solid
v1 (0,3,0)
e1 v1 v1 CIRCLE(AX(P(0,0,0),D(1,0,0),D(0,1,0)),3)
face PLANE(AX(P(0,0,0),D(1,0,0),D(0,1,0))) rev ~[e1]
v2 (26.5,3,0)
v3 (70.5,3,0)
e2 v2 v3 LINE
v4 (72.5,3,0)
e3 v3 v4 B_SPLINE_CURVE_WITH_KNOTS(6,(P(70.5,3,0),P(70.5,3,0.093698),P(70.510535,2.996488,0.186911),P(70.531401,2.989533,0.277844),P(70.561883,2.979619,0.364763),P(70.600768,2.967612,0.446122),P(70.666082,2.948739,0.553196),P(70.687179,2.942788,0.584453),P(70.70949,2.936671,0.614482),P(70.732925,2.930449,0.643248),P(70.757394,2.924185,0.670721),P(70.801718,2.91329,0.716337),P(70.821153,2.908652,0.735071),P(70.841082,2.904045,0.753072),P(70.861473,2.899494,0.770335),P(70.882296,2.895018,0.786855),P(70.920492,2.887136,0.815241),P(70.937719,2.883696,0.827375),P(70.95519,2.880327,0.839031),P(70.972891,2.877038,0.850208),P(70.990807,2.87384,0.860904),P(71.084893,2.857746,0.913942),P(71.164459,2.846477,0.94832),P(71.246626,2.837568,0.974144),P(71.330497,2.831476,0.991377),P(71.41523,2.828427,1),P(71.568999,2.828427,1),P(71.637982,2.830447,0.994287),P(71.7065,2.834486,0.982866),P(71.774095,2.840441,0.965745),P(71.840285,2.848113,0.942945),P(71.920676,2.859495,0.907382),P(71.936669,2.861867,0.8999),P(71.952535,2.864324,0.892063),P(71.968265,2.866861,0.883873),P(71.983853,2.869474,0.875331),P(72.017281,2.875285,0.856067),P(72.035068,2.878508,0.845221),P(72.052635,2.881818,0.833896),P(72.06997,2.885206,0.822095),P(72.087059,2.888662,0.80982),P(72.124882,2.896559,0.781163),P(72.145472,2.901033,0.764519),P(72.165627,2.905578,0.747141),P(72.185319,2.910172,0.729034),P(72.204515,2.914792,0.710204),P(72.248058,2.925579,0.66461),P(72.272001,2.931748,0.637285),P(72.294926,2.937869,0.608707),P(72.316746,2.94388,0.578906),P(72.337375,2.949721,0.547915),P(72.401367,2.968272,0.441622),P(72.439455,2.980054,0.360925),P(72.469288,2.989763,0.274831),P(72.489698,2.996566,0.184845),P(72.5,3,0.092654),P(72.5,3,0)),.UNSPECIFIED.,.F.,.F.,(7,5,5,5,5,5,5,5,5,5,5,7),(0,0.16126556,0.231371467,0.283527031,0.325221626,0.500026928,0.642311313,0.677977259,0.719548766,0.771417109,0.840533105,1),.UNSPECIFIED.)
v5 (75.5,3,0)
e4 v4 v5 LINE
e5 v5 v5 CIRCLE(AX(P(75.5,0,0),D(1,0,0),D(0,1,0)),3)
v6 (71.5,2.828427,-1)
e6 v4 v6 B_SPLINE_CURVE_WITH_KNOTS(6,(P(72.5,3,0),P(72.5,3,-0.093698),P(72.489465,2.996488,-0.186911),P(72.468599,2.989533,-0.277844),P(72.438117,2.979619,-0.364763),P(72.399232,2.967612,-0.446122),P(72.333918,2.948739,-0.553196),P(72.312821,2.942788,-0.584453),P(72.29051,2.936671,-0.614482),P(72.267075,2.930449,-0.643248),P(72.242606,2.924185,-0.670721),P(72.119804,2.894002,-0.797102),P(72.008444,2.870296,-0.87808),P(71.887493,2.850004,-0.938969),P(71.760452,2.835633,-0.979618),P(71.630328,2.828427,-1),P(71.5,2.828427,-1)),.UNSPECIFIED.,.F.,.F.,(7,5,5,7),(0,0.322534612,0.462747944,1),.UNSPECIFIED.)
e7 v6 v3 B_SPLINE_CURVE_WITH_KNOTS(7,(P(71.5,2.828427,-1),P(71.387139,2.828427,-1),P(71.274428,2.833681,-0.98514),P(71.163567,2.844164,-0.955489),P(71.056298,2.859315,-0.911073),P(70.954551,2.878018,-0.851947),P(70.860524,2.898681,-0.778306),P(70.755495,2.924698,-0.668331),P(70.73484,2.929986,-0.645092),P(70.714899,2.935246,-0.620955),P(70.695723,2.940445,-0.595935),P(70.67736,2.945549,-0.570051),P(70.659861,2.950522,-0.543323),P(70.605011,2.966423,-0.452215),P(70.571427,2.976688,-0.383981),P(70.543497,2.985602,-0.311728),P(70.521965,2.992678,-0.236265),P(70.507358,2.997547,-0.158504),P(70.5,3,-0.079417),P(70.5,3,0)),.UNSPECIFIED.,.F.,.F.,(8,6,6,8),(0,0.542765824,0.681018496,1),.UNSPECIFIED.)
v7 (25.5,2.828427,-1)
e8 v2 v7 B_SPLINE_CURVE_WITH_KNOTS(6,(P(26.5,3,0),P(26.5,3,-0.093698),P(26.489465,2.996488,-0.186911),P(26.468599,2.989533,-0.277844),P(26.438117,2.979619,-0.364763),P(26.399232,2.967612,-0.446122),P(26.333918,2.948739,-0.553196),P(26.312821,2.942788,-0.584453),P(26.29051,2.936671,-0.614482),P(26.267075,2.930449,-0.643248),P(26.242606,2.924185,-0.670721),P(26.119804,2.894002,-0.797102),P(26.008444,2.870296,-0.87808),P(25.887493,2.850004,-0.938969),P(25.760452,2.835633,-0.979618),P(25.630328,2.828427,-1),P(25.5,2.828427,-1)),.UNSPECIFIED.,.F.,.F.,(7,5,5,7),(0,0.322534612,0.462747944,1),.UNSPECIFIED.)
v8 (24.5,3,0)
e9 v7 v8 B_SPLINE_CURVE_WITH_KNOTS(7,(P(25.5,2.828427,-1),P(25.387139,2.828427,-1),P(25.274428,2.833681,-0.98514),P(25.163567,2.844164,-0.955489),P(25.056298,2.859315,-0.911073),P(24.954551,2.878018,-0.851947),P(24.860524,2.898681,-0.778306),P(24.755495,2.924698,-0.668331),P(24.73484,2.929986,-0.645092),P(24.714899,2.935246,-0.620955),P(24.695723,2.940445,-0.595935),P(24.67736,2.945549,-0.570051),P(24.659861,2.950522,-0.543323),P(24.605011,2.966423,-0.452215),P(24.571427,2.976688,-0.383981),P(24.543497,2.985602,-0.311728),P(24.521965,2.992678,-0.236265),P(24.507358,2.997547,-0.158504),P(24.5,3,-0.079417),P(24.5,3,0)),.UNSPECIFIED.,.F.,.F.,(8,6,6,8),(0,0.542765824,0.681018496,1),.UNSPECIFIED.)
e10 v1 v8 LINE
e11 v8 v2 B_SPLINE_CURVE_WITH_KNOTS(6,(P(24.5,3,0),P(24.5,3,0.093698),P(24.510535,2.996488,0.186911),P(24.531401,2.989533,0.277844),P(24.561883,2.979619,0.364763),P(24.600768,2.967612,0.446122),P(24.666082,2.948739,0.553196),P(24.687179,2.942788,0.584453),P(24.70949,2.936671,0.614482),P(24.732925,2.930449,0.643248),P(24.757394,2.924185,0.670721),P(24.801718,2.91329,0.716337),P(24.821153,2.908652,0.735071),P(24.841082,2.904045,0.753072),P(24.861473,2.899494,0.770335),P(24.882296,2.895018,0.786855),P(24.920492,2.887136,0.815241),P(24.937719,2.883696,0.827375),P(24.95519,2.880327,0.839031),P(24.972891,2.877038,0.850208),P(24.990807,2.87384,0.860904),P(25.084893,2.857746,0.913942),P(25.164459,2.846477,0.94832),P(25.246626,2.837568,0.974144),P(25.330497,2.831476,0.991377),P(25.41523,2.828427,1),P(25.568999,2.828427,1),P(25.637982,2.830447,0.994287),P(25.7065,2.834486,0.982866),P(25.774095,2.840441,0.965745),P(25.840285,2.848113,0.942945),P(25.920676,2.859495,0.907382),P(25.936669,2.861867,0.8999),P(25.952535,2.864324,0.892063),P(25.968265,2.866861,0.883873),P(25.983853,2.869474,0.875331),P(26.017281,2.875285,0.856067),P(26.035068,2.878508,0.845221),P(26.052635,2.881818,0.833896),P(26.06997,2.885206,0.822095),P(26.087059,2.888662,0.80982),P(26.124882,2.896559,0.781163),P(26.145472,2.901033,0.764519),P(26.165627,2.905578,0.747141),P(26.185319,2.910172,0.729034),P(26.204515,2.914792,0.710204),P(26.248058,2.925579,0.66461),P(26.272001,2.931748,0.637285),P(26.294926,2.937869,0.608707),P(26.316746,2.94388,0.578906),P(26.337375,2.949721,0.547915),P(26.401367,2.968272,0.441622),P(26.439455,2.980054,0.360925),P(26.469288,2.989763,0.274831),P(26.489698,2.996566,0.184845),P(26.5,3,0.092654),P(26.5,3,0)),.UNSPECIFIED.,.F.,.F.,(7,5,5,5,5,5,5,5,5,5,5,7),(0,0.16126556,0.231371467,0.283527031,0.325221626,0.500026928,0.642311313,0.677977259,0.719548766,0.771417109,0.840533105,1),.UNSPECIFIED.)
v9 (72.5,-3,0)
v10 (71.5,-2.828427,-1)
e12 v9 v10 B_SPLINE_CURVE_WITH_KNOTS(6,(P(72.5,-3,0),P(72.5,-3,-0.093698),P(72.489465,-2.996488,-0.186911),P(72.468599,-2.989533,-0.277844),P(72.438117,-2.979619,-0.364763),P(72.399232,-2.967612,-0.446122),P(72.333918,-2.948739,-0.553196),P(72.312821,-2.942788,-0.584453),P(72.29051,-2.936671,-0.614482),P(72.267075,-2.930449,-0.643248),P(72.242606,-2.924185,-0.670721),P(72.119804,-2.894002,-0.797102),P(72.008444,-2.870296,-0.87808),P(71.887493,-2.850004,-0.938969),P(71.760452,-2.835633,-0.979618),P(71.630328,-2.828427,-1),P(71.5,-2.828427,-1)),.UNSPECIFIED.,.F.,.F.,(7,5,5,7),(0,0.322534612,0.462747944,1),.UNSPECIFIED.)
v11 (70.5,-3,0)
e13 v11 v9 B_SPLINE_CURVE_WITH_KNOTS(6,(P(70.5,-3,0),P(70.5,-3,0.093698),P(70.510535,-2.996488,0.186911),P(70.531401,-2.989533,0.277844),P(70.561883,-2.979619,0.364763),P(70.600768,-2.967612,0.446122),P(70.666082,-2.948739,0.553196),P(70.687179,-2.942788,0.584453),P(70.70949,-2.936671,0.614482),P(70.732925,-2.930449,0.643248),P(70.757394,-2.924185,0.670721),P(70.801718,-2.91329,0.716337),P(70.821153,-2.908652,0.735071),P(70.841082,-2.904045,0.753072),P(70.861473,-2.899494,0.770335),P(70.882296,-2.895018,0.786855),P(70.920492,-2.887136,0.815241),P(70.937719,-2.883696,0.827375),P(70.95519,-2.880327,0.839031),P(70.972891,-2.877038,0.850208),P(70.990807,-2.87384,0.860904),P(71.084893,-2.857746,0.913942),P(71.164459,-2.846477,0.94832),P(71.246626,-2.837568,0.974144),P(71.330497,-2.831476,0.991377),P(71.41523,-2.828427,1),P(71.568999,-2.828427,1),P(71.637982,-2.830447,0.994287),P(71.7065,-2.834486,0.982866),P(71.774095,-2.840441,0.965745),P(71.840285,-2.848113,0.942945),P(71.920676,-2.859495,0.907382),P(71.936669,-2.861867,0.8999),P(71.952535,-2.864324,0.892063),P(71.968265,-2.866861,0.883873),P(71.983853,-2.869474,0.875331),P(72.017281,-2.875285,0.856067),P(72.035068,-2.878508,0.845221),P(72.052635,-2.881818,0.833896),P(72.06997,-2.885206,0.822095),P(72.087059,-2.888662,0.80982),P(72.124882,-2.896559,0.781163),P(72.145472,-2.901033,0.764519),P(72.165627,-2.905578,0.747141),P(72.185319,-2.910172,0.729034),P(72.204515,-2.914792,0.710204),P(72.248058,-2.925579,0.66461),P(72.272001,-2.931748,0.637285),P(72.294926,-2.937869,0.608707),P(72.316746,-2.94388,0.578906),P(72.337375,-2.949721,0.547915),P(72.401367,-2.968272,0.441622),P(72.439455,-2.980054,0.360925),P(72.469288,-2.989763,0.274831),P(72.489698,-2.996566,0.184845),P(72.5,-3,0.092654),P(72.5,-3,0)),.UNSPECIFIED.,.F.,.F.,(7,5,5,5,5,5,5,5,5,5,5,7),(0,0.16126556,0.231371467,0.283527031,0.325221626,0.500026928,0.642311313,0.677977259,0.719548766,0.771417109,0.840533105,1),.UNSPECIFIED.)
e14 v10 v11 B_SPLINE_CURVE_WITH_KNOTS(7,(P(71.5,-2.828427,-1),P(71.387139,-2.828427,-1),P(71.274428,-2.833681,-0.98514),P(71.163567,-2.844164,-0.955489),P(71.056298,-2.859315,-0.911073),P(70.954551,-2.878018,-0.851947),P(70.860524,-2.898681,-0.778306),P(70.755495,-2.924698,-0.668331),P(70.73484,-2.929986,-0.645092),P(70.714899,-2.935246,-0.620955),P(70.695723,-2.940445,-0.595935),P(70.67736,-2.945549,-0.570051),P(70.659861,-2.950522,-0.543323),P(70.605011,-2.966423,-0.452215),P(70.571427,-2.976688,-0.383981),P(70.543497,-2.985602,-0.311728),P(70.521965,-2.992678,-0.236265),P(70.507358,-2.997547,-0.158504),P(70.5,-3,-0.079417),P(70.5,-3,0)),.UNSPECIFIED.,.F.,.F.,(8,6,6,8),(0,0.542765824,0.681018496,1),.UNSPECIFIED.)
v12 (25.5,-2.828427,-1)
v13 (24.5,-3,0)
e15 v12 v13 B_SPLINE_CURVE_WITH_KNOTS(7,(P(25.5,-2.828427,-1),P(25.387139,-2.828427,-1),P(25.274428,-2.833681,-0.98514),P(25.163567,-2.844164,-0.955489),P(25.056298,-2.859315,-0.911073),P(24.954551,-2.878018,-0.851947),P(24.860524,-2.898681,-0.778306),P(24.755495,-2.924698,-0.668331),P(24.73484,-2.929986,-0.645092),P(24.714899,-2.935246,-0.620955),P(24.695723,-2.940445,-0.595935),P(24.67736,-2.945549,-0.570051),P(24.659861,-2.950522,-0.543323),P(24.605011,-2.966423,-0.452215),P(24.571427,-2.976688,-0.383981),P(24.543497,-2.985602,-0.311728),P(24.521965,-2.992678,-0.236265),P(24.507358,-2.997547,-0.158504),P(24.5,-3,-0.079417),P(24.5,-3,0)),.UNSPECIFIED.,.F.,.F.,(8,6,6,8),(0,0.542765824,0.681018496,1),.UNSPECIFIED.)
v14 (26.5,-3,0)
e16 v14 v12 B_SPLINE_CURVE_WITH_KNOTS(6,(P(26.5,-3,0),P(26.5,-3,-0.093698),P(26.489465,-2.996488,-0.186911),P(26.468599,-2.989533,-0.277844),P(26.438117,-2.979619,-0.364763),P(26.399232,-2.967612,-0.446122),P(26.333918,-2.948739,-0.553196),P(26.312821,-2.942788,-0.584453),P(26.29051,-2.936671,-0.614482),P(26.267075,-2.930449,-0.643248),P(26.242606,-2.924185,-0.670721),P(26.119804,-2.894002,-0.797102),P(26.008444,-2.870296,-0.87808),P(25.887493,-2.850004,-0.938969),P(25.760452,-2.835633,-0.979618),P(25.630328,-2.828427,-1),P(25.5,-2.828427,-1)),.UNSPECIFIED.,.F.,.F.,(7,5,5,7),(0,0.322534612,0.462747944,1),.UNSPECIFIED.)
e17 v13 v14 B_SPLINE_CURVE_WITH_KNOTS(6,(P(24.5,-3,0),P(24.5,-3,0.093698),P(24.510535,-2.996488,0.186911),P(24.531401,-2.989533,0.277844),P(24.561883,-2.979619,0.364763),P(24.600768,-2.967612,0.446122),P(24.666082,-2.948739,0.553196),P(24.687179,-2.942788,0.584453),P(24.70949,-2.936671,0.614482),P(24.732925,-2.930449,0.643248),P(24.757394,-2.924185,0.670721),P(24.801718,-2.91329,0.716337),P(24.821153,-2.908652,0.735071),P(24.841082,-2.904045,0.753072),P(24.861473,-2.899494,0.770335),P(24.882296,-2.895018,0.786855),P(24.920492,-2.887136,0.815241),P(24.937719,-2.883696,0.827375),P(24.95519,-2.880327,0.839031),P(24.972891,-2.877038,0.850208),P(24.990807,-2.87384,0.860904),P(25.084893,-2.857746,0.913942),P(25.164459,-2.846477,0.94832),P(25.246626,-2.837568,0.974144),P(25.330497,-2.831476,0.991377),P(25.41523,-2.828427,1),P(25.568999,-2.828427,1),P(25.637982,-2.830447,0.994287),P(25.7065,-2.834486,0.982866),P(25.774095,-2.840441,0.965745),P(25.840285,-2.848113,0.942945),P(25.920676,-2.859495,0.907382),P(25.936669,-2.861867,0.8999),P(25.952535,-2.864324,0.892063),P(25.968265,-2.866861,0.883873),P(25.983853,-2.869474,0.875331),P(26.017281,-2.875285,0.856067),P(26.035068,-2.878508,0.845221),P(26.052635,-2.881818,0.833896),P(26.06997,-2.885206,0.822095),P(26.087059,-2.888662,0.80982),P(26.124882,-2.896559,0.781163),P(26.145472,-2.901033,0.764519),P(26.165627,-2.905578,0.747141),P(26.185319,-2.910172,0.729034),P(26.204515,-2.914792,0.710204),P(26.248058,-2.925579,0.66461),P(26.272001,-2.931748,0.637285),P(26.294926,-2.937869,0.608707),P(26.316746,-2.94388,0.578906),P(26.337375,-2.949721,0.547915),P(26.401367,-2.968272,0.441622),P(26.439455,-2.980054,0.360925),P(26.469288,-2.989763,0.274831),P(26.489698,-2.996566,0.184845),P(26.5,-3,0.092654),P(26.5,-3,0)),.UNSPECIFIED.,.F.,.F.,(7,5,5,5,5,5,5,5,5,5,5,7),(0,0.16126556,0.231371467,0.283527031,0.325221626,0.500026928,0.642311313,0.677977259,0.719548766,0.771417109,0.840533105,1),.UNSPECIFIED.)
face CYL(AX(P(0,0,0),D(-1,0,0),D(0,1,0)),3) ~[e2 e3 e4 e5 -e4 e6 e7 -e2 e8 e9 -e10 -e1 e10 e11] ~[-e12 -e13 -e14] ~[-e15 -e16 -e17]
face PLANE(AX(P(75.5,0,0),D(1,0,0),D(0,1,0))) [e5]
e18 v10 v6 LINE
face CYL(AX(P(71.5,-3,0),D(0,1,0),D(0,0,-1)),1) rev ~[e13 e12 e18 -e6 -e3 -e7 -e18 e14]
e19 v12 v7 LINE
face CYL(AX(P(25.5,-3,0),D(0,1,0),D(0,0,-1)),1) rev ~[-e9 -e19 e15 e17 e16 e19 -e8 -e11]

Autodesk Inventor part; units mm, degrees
ref_plane "YZ Plane" through (0, 0, 0) normal (1, 0, 0) x (0, 1, 0)
ref_plane "XY Plane" through (0, 0, 0) normal (0, 0, 1) x (1, 0, 0)
sketch "スケッチ1" plane through (0, 0, 0) normal (1, 0, 0) x (0, 1, 0)
  circle A0 centre (0, 0) radius 3
  dimension "d0" = 6
extrude "押し出し1" add sketch "スケッチ1" along normal blind 75.5
ref_plane "作業平面1" through (0, -3, 0) normal (0, 1, 0) x (-1, 0, 0)
sketch "スケッチ2" plane through (0, -3, 0) normal (0, 1, 0) x (-1, 0, 0)
  line L0 (0, 3) -> (0, -3) projected
  point P0 (0, 0)
  point P1 (-25.5, 0)
  point P2 (-71.5, 0)
  dimension "d3" = 25.5
  dimension "d4" = 46
hole "穴1" at (25.5, -3, 0) at (71.5, -3, 0) direction (0, 1, 0) diameter 2 end through all
properties part number "belt_liner_v2_shaft_2" material "アルミニウム 6061"
